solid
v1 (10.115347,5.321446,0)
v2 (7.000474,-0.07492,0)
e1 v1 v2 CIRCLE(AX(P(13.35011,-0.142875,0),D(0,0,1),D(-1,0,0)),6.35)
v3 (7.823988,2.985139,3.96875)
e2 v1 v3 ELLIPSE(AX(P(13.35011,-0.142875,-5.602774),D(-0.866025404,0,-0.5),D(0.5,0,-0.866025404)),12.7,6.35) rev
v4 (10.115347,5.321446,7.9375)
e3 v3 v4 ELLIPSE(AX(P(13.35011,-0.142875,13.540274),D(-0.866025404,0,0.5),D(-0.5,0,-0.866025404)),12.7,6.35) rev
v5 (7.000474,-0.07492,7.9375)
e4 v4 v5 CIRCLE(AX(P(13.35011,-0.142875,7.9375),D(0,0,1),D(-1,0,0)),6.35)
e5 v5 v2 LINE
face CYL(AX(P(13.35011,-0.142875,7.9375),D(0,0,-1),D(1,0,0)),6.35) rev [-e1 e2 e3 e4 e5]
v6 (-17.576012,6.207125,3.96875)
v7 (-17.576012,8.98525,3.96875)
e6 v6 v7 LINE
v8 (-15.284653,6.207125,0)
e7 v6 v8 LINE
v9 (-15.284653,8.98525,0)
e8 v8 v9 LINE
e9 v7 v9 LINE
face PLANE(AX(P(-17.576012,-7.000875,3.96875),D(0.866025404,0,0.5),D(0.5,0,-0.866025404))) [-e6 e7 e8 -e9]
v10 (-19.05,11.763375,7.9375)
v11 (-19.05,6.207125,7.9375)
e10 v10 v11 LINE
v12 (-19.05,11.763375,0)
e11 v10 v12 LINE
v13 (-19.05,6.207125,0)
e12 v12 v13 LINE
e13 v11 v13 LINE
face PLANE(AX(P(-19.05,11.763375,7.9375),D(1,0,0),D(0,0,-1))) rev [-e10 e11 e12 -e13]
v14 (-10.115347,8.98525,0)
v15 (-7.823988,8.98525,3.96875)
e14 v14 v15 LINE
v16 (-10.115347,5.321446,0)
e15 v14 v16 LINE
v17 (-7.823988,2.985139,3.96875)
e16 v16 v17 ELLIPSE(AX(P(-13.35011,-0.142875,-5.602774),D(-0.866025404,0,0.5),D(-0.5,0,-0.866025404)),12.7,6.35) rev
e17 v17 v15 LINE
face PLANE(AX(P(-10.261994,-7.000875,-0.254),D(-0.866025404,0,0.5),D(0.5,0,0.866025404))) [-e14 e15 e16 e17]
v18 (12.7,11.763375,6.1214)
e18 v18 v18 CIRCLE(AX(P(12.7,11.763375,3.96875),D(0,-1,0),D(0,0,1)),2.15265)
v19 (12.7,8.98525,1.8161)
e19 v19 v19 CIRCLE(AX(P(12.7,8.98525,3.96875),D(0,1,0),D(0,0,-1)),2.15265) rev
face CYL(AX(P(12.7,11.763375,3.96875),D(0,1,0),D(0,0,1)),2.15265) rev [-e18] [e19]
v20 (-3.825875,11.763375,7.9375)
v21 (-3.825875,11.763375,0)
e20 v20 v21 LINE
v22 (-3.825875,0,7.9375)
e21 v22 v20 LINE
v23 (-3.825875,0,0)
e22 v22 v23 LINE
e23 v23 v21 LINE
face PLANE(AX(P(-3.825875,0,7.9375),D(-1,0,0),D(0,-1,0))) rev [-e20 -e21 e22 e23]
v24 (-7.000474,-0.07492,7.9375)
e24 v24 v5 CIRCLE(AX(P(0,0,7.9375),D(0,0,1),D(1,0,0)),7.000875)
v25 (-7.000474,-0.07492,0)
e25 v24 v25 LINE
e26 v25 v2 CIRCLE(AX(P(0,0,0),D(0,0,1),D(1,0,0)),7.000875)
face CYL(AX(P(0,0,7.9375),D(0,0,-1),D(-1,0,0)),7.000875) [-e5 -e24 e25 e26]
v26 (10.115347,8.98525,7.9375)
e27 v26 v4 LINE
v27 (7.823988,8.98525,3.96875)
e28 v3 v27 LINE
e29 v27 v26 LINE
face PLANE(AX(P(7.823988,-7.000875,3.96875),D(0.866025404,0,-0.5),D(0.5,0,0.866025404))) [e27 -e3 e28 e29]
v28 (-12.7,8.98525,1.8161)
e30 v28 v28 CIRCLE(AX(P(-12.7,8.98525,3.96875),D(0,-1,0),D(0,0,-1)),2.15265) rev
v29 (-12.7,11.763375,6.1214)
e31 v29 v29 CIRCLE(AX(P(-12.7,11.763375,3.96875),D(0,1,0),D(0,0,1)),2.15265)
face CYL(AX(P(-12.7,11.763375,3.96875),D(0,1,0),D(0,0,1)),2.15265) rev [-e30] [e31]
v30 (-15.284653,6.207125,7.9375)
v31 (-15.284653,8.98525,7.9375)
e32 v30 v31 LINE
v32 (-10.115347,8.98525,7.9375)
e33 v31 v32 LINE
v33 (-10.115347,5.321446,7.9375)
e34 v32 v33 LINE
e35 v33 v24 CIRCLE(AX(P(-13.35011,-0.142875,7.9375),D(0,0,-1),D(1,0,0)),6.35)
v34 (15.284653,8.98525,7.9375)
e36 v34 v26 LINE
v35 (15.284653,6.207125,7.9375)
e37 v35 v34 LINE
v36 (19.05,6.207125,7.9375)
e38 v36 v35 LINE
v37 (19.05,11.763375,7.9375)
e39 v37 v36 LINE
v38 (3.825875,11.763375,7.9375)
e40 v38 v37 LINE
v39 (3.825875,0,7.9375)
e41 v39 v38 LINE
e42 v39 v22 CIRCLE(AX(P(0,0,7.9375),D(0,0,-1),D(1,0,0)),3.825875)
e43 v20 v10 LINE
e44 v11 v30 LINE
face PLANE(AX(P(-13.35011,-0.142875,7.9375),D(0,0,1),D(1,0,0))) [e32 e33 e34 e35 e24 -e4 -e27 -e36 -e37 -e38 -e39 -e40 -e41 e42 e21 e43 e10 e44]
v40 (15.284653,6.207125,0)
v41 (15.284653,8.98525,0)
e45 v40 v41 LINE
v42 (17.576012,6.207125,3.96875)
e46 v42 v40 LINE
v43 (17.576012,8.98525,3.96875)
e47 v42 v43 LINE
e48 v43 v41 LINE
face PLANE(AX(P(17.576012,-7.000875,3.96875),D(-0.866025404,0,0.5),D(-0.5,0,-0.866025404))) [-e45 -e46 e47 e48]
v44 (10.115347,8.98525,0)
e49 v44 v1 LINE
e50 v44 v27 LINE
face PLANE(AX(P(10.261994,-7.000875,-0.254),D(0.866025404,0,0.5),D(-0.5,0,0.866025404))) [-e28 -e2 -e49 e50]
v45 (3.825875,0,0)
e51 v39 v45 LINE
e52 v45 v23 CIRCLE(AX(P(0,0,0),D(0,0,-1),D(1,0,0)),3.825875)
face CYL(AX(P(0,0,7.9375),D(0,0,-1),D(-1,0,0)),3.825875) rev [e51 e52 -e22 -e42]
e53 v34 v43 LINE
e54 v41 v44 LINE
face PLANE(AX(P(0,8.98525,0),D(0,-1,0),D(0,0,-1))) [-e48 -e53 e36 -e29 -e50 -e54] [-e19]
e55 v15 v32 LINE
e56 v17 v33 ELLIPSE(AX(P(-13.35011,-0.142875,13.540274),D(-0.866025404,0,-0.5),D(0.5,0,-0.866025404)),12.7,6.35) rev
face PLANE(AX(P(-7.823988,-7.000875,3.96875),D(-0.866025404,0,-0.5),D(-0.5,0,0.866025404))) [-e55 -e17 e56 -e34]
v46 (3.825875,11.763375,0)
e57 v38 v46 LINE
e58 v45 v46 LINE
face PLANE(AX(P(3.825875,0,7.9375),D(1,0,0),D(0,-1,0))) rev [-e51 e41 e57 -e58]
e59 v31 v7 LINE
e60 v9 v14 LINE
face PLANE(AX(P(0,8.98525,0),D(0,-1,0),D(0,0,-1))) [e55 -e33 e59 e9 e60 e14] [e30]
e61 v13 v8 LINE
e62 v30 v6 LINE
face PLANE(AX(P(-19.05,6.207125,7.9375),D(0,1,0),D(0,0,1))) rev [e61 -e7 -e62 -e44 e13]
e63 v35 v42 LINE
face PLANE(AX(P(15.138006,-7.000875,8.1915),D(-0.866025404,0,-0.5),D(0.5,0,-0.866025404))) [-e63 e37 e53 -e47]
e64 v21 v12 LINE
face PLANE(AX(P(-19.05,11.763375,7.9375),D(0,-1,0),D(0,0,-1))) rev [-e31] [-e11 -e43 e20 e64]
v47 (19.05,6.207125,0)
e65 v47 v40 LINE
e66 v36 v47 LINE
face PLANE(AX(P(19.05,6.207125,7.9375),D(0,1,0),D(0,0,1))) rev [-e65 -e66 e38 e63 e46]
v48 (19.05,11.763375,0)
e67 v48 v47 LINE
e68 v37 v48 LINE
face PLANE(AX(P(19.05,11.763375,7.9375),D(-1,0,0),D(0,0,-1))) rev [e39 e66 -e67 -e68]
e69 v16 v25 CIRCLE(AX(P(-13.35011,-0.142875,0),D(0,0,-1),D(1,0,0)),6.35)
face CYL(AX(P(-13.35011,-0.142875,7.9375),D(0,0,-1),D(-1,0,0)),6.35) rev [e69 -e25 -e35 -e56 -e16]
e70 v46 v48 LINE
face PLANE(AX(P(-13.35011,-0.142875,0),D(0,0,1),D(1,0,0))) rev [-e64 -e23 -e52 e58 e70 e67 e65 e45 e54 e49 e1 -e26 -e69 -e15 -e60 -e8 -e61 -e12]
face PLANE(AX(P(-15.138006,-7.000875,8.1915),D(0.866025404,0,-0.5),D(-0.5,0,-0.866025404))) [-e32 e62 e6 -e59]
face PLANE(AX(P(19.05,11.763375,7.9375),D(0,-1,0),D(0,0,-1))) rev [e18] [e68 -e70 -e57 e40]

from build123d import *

# Parameters (mm, degrees)
BOSS_EXTRUDE1_DEPTH     = 7.9375
F_6_CLEARANCE_HOLE1_D   = 4.3053
CUT_EXTRUDE1_DEPTH      = 25.502197286
CUT_EXTRUDE1_DEPTH_BACK = 2.778125


with BuildPart() as part:
    # Sketch1 → Boss-Extrude1 (new body)
    with BuildSketch(Plane.XY):
        with BuildLine():
            Line((-19.05, 11.763375), (-19.05, 6.207125))
            Line((-19.05, 6.207125), (-13.350110486, 6.207125))
            ThreePointArc((-13.350110486, 6.207125), (-8.884072706, 4.37121478), (-7.000474108, -0.074920184))
            ThreePointArc((-7.000474108, -0.074920184), (-4.923806653, -4.976783982), (0, -7.000875))
            Line((0, -7.000875), (0, -3.825875))
            ThreePointArc((0, -3.825875), (-2.705302156, -2.705302156), (-3.825875, 0))
            Line((-3.825875, 0), (-3.825875, 11.763375))
            Line((-3.825875, 11.763375), (-19.05, 11.763375))
        make_face()
    extrude(amount=BOSS_EXTRUDE1_DEPTH)

    # #6 Clearance Hole1 (through all)
    with Locations(Plane(origin=(0, 11.763375, 0), x_dir=(1, 0, 0), z_dir=(0, 1, 0))):
        with Locations((-12.7, -3.96875)):
            Hole(F_6_CLEARANCE_HOLE1_D / 2)

    # Sketch4 → Cut-Extrude1 (cut, two sides: drawn at the far end of the back side and taken through both)
    with BuildSketch(Plane.XZ.offset(-6.207125).offset(-CUT_EXTRUDE1_DEPTH_BACK)):
        Polygon((-17.576011698, 3.96875), (-15.138005849, -0.254), (-10.261994151, -0.254), (-7.823988302, 3.96875), (-10.261994151, 8.1915), (-15.138005849, 8.1915), align=None)
    extrude(amount=CUT_EXTRUDE1_DEPTH + CUT_EXTRUDE1_DEPTH_BACK, mode=Mode.SUBTRACT)

    # Mirror1: part across plane


with BuildPart() as part_1:
    add(part.part)
    add(part.part.mirror(Plane(origin=(0, -3.825875, 7.9375), x_dir=(0, 0, 1), z_dir=(-1, 0, 0))))


solid = part_1.part
